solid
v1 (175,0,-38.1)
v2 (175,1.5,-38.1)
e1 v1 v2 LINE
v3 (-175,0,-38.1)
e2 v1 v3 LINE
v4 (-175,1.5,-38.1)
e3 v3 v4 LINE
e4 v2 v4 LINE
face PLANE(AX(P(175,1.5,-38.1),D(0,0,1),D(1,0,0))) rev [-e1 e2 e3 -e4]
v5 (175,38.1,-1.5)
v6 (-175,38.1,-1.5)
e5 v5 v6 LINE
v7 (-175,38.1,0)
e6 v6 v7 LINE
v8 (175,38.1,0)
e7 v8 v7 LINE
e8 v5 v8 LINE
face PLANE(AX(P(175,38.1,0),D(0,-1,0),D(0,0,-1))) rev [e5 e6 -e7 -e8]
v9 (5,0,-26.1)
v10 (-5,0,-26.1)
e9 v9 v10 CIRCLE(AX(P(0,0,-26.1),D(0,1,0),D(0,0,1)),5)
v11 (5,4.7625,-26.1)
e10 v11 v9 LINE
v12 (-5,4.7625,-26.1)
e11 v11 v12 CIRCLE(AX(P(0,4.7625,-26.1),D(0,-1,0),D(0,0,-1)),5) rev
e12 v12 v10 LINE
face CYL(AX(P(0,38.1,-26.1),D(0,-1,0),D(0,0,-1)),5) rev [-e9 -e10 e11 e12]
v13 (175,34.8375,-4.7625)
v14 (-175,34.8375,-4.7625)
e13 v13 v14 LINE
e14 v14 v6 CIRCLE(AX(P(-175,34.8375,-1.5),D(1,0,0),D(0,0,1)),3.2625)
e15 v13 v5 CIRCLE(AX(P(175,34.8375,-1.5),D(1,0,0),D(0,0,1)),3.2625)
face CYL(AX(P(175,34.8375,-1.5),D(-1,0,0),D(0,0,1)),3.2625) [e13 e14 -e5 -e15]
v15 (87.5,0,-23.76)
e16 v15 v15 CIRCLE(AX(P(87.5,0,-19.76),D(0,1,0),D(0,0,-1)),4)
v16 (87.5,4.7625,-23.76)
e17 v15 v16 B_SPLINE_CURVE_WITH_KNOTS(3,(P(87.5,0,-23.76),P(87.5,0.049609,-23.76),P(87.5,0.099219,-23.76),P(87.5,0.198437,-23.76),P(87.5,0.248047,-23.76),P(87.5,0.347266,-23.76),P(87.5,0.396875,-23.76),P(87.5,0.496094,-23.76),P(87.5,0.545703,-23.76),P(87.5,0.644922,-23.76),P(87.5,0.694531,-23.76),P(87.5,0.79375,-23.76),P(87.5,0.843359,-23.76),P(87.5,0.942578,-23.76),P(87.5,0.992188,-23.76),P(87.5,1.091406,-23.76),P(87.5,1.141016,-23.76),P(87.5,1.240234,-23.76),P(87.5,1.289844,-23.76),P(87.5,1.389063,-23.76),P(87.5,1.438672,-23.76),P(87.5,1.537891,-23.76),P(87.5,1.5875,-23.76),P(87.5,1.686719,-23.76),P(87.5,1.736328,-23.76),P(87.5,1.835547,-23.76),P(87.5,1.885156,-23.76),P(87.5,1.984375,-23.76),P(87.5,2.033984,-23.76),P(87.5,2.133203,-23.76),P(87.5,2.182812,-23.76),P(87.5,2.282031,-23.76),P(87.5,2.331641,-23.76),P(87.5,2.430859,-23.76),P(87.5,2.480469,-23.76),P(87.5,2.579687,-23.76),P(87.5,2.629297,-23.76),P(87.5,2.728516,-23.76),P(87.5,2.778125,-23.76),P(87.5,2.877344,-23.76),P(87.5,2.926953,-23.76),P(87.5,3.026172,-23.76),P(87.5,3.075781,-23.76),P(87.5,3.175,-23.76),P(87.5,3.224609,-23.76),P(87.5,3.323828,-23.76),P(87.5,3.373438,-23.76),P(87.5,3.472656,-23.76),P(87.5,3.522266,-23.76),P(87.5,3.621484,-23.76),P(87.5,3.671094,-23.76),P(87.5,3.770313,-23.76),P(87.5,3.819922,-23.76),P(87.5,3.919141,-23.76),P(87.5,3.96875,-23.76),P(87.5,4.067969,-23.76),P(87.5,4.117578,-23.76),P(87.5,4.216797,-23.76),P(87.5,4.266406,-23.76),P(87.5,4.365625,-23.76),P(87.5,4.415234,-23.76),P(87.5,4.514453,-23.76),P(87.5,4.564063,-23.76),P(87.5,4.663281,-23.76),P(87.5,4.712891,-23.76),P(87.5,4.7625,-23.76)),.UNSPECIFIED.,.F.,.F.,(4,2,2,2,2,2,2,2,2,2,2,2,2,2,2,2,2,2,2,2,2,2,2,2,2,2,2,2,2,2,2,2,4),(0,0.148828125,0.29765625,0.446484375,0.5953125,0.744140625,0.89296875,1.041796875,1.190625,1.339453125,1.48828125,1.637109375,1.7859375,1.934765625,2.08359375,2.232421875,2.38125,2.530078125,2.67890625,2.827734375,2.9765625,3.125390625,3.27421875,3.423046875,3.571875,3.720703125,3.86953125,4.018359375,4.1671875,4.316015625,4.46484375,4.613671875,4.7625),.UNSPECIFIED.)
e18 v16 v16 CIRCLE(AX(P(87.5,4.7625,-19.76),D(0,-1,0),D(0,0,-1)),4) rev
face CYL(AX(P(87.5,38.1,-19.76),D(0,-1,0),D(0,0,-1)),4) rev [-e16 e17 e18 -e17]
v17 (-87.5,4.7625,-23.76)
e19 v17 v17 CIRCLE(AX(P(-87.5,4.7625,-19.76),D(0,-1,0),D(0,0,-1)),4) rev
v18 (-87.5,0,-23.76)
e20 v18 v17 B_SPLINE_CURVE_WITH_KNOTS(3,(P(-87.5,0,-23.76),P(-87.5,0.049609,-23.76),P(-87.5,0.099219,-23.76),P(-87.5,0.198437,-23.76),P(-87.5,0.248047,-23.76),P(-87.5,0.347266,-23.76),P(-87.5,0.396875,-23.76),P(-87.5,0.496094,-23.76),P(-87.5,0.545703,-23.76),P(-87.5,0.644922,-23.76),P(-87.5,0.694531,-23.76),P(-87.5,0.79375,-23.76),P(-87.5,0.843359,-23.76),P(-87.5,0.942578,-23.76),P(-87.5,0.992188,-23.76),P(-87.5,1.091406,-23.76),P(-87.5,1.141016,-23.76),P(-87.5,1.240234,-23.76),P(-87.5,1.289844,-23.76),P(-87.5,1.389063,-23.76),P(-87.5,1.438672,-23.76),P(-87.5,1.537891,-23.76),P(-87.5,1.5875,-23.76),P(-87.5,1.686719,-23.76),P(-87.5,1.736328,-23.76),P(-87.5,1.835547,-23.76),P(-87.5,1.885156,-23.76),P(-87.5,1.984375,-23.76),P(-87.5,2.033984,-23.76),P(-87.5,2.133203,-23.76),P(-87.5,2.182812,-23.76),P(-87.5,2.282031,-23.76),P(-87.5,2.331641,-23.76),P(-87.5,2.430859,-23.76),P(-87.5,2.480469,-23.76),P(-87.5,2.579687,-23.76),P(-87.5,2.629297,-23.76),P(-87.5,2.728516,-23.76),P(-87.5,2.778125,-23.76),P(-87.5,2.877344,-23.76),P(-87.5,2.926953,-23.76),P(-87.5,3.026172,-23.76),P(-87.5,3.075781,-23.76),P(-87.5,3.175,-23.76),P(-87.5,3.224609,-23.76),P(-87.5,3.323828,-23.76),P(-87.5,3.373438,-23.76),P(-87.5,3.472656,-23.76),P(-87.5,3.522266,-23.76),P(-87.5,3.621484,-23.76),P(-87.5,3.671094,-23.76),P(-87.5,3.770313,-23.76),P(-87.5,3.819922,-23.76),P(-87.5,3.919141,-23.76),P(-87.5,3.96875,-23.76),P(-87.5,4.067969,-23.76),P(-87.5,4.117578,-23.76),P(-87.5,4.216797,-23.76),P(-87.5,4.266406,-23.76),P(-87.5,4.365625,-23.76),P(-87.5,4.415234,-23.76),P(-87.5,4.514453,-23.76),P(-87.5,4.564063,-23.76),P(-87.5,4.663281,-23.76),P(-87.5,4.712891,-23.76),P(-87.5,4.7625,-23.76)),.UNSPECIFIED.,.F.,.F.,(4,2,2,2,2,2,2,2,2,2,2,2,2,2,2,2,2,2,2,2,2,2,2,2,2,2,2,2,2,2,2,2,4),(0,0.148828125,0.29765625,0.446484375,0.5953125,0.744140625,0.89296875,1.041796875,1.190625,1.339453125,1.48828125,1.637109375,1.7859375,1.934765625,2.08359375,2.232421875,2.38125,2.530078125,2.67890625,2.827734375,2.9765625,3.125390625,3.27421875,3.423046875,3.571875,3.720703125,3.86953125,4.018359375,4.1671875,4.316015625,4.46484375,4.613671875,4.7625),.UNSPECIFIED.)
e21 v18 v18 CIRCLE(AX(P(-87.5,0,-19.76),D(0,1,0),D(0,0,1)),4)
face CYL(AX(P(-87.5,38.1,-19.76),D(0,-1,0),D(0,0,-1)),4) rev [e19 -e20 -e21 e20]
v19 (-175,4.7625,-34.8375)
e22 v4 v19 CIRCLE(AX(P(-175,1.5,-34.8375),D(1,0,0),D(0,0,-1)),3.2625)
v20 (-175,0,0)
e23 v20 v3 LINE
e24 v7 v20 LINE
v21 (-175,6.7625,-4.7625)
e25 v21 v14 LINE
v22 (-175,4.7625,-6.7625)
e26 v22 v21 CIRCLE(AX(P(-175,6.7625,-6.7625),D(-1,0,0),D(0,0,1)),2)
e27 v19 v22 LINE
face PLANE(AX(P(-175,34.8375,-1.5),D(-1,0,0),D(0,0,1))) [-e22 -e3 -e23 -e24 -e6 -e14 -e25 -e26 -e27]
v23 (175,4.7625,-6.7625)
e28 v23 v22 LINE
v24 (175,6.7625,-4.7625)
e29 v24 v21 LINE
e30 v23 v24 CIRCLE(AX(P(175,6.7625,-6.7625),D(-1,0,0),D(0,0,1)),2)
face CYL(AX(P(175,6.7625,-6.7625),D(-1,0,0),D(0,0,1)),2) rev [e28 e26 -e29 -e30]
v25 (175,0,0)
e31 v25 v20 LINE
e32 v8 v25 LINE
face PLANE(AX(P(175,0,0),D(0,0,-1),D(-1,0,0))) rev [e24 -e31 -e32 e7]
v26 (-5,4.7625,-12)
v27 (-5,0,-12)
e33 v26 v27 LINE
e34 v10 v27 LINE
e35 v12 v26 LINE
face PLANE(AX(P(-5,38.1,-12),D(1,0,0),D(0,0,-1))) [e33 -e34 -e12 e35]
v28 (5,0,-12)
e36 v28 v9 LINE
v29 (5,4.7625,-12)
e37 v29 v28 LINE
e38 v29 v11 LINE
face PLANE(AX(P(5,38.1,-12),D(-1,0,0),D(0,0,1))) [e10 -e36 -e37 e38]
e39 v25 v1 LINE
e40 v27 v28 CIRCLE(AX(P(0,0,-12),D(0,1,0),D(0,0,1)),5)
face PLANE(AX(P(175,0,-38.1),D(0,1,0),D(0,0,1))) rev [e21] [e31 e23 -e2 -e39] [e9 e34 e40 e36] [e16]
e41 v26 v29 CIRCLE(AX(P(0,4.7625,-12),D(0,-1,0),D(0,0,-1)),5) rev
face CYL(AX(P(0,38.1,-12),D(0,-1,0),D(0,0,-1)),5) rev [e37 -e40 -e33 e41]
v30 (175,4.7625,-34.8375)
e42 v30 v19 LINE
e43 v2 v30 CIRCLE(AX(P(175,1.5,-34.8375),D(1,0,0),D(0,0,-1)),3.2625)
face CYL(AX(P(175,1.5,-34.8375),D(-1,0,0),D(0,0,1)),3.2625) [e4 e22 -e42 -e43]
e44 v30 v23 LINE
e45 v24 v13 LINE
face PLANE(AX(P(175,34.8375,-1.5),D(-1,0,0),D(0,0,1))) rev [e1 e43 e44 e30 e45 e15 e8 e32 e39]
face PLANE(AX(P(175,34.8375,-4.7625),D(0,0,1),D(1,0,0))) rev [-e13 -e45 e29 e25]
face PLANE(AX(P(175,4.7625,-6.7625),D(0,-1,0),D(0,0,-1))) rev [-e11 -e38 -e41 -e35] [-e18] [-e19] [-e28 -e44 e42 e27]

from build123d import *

# Parameters (mm, degrees)
A_O_CANTONEIRA_LAMINADA_1020_3_16X1_1_2_DEPTH = 350
ESBO_O4_R                                     = 4
CORTE_EXTRUS_O1_DEPTH                         = 184.107127114


with BuildPart() as part:
    # Sketch11 → Aço cantoneira laminada 1020 3-16X1-1-2(1) (new body)
    with BuildSketch(Plane(origin=(-175, 0, 0), x_dir=(0, 0, -1), z_dir=(1, 0, 0))):
        with BuildLine():
            Line((0, 0), (0, 38.1))
            Line((0, 38.1), (1.5, 38.1))
            ThreePointArc((1.5, 38.1), (3.806935874, 37.144435874), (4.7625, 34.8375))
            Line((4.7625, 34.8375), (4.7625, 6.7625))
            ThreePointArc((4.7625, 6.7625), (5.348286438, 5.348286438), (6.7625, 4.7625))
            Line((6.7625, 4.7625), (34.8375, 4.7625))
            ThreePointArc((34.8375, 4.7625), (37.144435874, 3.806935874), (38.1, 1.5))
            Line((38.1, 1.5), (38.1, 0))
            Line((38.1, 0), (0, 0))
        make_face()
    extrude(amount=A_O_CANTONEIRA_LAMINADA_1020_3_16X1_1_2_DEPTH)

    # Esboço4 → Corte-extrusão1 (cut, through all)
    with BuildSketch(Plane(origin=(0, 0, 0), x_dir=(1, 0, 0), z_dir=(0, 1, 0))):
        with Locations(Location((-87.5, 19.76, 0), (0, 0, 90))):
            Circle(ESBO_O4_R)
        with Locations(Location((87.5, 19.76, 0), (0, 0, 90))):
            Circle(ESBO_O4_R)
        with BuildLine():
            Line((-5, 12), (-5, 26.1))
            ThreePointArc((-5, 26.1), (0, 31.1), (5, 26.1))
            Line((5, 26.1), (5, 12))
            ThreePointArc((5, 12), (0, 7), (-5, 12))
        make_face()
    extrude(amount=CORTE_EXTRUS_O1_DEPTH, mode=Mode.SUBTRACT)


solid = part.part
